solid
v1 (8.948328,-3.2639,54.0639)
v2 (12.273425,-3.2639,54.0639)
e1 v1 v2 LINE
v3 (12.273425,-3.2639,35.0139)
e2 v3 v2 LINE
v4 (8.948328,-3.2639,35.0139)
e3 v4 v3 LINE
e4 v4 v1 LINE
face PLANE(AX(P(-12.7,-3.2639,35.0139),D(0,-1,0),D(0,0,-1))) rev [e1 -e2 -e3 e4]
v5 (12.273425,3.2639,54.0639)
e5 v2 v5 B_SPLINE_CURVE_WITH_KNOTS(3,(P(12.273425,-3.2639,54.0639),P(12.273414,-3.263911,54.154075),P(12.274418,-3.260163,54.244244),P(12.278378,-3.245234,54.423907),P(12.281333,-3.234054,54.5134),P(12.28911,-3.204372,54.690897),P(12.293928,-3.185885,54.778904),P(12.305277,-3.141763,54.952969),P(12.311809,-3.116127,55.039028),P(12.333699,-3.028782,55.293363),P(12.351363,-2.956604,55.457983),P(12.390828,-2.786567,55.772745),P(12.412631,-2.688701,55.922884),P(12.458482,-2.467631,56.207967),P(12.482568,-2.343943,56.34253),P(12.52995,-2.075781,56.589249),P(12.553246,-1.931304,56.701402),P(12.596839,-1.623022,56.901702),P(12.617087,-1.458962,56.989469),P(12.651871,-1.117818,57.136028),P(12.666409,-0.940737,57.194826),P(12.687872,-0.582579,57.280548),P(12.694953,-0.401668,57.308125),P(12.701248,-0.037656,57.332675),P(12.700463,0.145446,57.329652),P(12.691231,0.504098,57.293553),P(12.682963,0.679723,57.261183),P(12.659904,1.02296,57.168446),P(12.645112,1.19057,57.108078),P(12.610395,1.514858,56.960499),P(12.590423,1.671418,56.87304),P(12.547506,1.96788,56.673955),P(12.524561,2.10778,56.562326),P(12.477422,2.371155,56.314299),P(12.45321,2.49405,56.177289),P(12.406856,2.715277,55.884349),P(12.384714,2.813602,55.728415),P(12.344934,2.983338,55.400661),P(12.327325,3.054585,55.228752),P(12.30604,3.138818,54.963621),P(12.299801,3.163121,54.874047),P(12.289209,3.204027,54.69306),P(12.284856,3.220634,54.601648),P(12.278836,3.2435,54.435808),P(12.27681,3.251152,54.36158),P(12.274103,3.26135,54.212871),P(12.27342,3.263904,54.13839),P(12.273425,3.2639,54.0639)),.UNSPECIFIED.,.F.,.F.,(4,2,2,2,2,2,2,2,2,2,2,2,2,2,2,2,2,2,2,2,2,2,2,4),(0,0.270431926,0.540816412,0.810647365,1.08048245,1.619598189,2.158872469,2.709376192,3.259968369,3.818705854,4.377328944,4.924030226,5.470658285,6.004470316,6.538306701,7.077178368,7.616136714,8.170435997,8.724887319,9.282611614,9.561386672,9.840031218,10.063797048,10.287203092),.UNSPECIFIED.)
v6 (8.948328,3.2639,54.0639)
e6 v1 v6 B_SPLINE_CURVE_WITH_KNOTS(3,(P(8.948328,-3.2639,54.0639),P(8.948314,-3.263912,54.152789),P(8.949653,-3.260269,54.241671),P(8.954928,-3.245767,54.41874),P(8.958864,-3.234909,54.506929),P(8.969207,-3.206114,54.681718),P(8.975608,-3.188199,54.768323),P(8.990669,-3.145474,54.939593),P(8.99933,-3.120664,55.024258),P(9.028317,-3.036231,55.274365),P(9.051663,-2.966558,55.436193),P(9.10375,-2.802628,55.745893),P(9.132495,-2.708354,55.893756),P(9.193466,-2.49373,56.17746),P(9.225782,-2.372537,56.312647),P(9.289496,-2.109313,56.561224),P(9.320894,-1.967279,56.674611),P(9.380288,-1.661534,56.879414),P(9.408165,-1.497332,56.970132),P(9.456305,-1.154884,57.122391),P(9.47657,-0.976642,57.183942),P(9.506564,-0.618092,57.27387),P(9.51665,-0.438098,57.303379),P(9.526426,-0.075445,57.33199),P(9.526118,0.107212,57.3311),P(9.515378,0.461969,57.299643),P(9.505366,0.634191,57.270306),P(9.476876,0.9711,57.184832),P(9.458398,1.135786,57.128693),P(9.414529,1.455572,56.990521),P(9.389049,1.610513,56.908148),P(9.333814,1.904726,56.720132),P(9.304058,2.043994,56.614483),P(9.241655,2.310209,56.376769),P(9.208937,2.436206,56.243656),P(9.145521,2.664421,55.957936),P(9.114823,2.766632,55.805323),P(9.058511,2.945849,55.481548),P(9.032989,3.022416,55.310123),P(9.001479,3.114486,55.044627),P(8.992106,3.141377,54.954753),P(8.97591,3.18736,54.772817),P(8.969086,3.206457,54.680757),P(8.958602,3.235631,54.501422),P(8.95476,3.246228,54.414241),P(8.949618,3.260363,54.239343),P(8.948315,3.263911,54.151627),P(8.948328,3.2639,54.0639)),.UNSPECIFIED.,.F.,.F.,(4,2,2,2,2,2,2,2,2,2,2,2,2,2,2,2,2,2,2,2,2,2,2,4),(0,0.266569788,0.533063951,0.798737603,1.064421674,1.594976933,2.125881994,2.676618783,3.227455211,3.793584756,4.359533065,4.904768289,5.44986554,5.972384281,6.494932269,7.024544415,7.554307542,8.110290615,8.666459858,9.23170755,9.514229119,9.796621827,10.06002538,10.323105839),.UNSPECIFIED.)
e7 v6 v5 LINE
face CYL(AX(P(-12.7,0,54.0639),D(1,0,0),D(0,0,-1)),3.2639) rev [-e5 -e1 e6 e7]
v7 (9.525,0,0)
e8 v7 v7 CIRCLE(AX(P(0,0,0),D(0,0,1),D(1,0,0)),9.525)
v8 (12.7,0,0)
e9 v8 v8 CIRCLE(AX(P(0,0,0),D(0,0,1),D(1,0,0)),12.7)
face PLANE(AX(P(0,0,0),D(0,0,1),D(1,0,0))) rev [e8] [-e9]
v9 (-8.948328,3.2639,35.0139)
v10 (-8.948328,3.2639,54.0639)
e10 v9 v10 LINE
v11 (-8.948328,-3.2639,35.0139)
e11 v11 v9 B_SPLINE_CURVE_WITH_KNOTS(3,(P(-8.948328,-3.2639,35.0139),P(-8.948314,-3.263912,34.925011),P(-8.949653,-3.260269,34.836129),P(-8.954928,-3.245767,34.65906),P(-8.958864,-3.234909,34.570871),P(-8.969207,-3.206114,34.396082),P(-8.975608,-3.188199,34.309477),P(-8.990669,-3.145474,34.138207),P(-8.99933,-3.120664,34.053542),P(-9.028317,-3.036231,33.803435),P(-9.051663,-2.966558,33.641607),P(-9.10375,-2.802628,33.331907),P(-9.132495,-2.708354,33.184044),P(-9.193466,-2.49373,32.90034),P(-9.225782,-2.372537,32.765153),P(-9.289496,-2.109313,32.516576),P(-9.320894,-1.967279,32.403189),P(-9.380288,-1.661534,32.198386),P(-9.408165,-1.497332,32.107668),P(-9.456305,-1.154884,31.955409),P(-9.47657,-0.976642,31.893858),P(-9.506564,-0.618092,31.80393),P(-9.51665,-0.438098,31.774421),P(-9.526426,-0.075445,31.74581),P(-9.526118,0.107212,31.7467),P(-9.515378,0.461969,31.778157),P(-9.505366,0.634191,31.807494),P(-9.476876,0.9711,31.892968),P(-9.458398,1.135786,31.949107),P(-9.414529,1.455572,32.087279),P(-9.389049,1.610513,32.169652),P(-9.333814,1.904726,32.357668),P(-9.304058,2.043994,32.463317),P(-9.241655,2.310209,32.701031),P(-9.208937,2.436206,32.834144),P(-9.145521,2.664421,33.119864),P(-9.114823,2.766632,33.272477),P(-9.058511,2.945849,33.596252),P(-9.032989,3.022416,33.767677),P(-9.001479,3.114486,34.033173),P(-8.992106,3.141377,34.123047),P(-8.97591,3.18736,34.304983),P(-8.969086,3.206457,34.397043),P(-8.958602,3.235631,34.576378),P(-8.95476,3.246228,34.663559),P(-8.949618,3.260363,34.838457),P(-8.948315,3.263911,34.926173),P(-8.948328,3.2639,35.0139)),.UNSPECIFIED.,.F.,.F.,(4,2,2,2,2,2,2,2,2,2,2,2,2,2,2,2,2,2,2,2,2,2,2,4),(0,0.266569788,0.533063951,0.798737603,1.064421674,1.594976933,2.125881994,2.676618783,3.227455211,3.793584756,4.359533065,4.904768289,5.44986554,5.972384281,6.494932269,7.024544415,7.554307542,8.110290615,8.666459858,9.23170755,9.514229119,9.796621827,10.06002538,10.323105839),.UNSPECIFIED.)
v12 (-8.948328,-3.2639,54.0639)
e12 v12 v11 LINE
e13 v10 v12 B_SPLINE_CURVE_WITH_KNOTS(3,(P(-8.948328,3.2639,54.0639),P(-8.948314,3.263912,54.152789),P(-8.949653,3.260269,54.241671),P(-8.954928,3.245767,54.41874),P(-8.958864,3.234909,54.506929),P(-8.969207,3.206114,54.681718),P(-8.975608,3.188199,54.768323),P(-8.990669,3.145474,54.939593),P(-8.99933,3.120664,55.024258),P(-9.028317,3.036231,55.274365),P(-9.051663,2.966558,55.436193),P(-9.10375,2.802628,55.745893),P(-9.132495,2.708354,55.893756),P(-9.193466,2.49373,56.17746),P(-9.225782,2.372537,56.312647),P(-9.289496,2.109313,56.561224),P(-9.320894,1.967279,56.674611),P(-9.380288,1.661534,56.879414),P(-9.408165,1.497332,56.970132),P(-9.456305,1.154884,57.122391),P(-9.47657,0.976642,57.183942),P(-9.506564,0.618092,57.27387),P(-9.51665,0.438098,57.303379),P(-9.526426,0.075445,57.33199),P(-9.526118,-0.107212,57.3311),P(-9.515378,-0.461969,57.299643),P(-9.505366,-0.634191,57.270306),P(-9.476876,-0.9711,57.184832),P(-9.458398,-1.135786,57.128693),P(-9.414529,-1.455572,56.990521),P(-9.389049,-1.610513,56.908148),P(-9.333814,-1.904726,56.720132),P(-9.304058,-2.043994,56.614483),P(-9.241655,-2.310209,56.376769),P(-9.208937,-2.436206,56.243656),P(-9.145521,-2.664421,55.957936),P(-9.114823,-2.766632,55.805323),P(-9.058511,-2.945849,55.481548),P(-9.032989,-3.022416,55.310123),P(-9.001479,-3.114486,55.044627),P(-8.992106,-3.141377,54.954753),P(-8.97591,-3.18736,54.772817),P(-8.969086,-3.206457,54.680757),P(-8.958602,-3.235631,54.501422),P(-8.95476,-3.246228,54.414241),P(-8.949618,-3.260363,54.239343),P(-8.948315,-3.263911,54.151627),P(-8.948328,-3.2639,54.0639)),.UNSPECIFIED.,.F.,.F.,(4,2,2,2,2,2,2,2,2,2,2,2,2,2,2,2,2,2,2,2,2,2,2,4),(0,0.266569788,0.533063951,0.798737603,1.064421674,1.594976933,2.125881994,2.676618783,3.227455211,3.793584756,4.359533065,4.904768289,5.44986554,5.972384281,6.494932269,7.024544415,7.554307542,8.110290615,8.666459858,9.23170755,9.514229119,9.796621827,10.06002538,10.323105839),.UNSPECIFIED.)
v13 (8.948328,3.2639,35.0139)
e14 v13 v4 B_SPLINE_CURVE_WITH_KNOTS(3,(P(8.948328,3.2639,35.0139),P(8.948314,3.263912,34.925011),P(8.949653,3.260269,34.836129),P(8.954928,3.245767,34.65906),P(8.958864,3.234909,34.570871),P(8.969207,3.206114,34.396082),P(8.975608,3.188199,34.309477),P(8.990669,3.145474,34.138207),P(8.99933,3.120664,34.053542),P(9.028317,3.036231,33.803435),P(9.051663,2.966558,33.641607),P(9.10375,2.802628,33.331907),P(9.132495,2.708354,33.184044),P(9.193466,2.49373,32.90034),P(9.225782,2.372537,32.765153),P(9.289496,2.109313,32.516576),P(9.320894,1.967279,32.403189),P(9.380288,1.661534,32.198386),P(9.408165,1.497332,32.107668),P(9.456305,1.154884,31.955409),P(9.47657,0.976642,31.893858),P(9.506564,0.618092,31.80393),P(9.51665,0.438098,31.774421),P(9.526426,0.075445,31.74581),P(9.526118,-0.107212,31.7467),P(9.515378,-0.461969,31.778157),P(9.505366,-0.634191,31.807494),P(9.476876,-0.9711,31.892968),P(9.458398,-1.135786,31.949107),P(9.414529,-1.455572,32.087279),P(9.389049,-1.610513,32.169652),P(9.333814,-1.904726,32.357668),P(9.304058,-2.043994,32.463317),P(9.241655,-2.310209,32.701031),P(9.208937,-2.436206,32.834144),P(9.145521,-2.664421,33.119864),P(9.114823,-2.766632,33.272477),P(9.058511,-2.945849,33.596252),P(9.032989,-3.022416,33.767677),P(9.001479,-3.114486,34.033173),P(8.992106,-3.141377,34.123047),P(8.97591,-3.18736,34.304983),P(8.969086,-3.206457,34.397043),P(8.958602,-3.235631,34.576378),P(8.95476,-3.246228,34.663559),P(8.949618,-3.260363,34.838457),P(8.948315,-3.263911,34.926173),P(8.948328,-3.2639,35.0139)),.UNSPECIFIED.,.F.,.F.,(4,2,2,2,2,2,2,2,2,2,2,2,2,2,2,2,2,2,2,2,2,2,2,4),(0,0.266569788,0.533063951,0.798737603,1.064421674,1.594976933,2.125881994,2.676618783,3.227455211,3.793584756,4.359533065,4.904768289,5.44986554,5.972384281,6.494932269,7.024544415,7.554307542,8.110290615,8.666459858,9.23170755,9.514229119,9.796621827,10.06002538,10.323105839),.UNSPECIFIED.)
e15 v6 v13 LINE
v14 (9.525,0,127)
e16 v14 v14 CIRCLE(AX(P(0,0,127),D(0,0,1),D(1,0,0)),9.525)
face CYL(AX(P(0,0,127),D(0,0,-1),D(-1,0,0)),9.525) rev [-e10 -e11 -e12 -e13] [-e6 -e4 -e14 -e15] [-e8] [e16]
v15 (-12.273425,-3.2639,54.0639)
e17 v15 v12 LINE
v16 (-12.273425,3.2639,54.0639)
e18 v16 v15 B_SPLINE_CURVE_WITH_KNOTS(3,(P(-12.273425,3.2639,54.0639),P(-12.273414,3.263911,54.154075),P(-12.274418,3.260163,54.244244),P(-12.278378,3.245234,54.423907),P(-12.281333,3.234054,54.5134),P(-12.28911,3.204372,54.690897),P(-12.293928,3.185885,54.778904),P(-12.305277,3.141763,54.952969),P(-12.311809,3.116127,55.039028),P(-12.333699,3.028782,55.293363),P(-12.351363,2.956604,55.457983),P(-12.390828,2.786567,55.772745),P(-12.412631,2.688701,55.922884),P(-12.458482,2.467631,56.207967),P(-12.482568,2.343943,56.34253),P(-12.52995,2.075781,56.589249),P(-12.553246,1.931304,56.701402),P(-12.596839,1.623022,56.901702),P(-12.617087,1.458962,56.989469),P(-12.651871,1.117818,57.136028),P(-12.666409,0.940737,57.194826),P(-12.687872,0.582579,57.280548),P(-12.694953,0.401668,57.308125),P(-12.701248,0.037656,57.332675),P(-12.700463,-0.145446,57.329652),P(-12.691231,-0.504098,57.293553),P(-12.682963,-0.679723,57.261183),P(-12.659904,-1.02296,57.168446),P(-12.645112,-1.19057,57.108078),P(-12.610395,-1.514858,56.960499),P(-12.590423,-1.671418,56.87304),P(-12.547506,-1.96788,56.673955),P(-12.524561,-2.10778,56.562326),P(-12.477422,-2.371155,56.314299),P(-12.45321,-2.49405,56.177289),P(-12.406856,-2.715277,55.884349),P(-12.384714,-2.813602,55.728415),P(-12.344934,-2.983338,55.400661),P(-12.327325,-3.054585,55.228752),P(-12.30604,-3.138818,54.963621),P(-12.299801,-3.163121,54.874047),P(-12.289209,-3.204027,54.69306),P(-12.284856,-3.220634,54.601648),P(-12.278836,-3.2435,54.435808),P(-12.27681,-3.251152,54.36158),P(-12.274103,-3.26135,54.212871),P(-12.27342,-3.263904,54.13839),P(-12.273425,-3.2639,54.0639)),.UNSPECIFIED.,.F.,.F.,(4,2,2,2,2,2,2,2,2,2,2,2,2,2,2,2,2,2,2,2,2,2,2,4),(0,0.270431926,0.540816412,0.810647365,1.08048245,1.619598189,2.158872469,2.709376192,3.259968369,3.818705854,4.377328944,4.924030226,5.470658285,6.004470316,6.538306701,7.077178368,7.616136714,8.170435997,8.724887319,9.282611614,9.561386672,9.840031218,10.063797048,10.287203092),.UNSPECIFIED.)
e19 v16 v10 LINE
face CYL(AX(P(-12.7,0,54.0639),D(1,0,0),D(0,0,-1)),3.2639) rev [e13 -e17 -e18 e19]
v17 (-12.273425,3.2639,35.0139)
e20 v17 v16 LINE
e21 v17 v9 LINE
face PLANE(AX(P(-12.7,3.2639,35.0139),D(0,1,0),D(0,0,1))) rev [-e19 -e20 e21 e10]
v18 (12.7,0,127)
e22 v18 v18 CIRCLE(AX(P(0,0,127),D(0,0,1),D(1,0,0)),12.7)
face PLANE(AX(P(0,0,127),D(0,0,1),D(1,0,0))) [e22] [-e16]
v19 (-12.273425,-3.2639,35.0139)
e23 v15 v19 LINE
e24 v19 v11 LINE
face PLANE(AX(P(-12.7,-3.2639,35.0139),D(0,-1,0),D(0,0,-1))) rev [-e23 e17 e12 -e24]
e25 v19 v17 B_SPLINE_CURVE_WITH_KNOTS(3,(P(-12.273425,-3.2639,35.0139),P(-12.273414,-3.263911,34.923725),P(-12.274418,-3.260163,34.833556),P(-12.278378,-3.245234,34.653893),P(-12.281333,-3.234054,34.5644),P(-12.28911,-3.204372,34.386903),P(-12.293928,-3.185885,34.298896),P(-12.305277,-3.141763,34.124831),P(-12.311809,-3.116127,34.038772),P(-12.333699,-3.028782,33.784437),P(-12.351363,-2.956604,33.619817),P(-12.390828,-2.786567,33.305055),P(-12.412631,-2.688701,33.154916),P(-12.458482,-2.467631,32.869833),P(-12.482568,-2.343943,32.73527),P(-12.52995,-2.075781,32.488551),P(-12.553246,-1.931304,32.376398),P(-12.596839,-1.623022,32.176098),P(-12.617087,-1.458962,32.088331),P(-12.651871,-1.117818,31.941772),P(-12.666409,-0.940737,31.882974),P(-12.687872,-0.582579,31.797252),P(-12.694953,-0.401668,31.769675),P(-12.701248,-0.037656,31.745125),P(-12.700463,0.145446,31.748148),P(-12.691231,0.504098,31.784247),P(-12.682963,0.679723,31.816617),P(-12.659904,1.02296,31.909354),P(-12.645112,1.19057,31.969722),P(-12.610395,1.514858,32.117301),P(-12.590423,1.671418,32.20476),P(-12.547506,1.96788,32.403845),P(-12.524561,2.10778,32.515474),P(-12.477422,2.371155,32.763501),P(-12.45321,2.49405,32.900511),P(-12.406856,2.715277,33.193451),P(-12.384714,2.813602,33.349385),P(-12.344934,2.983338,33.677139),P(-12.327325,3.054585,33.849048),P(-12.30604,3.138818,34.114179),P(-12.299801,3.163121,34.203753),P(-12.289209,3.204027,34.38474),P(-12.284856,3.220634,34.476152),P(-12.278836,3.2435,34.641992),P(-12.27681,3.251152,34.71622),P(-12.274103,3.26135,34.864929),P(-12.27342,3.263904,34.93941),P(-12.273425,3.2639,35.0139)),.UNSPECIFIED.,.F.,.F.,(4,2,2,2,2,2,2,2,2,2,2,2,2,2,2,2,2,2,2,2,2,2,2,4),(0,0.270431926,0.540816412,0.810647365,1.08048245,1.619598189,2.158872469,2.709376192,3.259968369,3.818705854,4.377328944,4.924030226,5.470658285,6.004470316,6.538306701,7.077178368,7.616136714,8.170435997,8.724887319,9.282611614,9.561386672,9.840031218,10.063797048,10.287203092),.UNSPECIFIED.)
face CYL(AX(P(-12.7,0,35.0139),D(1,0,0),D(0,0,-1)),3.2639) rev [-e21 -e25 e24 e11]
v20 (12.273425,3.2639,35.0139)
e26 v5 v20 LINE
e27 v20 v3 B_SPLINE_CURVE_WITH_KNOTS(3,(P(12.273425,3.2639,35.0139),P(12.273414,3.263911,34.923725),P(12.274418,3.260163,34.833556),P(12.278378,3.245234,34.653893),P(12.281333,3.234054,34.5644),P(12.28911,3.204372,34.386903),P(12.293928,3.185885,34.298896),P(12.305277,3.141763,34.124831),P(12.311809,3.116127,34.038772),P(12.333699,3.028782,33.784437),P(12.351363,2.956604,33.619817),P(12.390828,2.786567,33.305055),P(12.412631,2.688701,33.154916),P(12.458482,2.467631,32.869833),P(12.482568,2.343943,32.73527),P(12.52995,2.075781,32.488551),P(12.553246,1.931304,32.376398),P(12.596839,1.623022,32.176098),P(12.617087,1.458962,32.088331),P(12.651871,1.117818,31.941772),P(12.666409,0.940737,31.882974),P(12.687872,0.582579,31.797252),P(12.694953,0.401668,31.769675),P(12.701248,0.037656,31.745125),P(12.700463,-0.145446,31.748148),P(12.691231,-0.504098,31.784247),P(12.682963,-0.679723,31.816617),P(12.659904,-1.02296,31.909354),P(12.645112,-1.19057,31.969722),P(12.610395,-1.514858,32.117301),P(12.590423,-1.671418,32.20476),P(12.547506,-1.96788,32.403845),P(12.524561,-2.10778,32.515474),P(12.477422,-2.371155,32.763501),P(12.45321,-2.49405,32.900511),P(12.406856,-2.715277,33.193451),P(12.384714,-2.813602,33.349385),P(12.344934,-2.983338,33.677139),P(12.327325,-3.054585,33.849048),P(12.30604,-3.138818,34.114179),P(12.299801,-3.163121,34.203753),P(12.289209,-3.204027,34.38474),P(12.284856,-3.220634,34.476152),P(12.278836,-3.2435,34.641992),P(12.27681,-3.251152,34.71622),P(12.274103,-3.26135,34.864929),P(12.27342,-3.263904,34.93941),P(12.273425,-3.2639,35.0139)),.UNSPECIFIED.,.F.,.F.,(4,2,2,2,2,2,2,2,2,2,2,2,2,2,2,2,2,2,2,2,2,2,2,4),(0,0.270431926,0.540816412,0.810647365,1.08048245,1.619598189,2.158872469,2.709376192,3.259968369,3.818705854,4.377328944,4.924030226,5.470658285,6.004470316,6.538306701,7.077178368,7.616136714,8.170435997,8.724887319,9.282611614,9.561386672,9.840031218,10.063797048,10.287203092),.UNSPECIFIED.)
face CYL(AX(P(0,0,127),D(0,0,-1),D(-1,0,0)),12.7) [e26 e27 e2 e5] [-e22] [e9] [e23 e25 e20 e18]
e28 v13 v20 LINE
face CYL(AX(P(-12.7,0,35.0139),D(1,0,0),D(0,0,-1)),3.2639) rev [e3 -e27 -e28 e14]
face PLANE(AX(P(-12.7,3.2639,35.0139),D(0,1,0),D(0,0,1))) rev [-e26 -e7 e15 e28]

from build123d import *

# Parameters (mm, degrees)
SKETCH1_R               = 12.7
SKETCH1_R_2             = 9.525
BOSS_EXTRUDE1_DEPTH     = 127
CUT_EXTRUDE1_DEPTH      = 129.263712717
CUT_EXTRUDE1_DEPTH_BACK = 129.263712717


with BuildPart() as part:
    # Sketch1 → Boss-Extrude1 (new body)
    with BuildSketch(Plane.XY):
        Circle(SKETCH1_R)
        Circle(SKETCH1_R_2, mode=Mode.SUBTRACT)
    extrude(amount=BOSS_EXTRUDE1_DEPTH)

    # Sketch2 → Cut-Extrude1 (cut, two sides: drawn at the far end of the back side and taken through both)
    with BuildSketch(Plane(origin=(0, 0, 0), x_dir=(0, 0, -1), z_dir=(1, 0, 0)).offset(-CUT_EXTRUDE1_DEPTH_BACK)):
        with BuildLine():
            Line((-35.0139, -3.2639), (-54.0639, -3.2639))
            ThreePointArc((-54.0639, -3.2639), (-57.3278, 0), (-54.0639, 3.2639))
            Line((-54.0639, 3.2639), (-35.0139, 3.2639))
            ThreePointArc((-35.0139, 3.2639), (-31.75, 0), (-35.0139, -3.2639))
        make_face()
    extrude(amount=CUT_EXTRUDE1_DEPTH + CUT_EXTRUDE1_DEPTH_BACK, mode=Mode.SUBTRACT)


solid = part.part
